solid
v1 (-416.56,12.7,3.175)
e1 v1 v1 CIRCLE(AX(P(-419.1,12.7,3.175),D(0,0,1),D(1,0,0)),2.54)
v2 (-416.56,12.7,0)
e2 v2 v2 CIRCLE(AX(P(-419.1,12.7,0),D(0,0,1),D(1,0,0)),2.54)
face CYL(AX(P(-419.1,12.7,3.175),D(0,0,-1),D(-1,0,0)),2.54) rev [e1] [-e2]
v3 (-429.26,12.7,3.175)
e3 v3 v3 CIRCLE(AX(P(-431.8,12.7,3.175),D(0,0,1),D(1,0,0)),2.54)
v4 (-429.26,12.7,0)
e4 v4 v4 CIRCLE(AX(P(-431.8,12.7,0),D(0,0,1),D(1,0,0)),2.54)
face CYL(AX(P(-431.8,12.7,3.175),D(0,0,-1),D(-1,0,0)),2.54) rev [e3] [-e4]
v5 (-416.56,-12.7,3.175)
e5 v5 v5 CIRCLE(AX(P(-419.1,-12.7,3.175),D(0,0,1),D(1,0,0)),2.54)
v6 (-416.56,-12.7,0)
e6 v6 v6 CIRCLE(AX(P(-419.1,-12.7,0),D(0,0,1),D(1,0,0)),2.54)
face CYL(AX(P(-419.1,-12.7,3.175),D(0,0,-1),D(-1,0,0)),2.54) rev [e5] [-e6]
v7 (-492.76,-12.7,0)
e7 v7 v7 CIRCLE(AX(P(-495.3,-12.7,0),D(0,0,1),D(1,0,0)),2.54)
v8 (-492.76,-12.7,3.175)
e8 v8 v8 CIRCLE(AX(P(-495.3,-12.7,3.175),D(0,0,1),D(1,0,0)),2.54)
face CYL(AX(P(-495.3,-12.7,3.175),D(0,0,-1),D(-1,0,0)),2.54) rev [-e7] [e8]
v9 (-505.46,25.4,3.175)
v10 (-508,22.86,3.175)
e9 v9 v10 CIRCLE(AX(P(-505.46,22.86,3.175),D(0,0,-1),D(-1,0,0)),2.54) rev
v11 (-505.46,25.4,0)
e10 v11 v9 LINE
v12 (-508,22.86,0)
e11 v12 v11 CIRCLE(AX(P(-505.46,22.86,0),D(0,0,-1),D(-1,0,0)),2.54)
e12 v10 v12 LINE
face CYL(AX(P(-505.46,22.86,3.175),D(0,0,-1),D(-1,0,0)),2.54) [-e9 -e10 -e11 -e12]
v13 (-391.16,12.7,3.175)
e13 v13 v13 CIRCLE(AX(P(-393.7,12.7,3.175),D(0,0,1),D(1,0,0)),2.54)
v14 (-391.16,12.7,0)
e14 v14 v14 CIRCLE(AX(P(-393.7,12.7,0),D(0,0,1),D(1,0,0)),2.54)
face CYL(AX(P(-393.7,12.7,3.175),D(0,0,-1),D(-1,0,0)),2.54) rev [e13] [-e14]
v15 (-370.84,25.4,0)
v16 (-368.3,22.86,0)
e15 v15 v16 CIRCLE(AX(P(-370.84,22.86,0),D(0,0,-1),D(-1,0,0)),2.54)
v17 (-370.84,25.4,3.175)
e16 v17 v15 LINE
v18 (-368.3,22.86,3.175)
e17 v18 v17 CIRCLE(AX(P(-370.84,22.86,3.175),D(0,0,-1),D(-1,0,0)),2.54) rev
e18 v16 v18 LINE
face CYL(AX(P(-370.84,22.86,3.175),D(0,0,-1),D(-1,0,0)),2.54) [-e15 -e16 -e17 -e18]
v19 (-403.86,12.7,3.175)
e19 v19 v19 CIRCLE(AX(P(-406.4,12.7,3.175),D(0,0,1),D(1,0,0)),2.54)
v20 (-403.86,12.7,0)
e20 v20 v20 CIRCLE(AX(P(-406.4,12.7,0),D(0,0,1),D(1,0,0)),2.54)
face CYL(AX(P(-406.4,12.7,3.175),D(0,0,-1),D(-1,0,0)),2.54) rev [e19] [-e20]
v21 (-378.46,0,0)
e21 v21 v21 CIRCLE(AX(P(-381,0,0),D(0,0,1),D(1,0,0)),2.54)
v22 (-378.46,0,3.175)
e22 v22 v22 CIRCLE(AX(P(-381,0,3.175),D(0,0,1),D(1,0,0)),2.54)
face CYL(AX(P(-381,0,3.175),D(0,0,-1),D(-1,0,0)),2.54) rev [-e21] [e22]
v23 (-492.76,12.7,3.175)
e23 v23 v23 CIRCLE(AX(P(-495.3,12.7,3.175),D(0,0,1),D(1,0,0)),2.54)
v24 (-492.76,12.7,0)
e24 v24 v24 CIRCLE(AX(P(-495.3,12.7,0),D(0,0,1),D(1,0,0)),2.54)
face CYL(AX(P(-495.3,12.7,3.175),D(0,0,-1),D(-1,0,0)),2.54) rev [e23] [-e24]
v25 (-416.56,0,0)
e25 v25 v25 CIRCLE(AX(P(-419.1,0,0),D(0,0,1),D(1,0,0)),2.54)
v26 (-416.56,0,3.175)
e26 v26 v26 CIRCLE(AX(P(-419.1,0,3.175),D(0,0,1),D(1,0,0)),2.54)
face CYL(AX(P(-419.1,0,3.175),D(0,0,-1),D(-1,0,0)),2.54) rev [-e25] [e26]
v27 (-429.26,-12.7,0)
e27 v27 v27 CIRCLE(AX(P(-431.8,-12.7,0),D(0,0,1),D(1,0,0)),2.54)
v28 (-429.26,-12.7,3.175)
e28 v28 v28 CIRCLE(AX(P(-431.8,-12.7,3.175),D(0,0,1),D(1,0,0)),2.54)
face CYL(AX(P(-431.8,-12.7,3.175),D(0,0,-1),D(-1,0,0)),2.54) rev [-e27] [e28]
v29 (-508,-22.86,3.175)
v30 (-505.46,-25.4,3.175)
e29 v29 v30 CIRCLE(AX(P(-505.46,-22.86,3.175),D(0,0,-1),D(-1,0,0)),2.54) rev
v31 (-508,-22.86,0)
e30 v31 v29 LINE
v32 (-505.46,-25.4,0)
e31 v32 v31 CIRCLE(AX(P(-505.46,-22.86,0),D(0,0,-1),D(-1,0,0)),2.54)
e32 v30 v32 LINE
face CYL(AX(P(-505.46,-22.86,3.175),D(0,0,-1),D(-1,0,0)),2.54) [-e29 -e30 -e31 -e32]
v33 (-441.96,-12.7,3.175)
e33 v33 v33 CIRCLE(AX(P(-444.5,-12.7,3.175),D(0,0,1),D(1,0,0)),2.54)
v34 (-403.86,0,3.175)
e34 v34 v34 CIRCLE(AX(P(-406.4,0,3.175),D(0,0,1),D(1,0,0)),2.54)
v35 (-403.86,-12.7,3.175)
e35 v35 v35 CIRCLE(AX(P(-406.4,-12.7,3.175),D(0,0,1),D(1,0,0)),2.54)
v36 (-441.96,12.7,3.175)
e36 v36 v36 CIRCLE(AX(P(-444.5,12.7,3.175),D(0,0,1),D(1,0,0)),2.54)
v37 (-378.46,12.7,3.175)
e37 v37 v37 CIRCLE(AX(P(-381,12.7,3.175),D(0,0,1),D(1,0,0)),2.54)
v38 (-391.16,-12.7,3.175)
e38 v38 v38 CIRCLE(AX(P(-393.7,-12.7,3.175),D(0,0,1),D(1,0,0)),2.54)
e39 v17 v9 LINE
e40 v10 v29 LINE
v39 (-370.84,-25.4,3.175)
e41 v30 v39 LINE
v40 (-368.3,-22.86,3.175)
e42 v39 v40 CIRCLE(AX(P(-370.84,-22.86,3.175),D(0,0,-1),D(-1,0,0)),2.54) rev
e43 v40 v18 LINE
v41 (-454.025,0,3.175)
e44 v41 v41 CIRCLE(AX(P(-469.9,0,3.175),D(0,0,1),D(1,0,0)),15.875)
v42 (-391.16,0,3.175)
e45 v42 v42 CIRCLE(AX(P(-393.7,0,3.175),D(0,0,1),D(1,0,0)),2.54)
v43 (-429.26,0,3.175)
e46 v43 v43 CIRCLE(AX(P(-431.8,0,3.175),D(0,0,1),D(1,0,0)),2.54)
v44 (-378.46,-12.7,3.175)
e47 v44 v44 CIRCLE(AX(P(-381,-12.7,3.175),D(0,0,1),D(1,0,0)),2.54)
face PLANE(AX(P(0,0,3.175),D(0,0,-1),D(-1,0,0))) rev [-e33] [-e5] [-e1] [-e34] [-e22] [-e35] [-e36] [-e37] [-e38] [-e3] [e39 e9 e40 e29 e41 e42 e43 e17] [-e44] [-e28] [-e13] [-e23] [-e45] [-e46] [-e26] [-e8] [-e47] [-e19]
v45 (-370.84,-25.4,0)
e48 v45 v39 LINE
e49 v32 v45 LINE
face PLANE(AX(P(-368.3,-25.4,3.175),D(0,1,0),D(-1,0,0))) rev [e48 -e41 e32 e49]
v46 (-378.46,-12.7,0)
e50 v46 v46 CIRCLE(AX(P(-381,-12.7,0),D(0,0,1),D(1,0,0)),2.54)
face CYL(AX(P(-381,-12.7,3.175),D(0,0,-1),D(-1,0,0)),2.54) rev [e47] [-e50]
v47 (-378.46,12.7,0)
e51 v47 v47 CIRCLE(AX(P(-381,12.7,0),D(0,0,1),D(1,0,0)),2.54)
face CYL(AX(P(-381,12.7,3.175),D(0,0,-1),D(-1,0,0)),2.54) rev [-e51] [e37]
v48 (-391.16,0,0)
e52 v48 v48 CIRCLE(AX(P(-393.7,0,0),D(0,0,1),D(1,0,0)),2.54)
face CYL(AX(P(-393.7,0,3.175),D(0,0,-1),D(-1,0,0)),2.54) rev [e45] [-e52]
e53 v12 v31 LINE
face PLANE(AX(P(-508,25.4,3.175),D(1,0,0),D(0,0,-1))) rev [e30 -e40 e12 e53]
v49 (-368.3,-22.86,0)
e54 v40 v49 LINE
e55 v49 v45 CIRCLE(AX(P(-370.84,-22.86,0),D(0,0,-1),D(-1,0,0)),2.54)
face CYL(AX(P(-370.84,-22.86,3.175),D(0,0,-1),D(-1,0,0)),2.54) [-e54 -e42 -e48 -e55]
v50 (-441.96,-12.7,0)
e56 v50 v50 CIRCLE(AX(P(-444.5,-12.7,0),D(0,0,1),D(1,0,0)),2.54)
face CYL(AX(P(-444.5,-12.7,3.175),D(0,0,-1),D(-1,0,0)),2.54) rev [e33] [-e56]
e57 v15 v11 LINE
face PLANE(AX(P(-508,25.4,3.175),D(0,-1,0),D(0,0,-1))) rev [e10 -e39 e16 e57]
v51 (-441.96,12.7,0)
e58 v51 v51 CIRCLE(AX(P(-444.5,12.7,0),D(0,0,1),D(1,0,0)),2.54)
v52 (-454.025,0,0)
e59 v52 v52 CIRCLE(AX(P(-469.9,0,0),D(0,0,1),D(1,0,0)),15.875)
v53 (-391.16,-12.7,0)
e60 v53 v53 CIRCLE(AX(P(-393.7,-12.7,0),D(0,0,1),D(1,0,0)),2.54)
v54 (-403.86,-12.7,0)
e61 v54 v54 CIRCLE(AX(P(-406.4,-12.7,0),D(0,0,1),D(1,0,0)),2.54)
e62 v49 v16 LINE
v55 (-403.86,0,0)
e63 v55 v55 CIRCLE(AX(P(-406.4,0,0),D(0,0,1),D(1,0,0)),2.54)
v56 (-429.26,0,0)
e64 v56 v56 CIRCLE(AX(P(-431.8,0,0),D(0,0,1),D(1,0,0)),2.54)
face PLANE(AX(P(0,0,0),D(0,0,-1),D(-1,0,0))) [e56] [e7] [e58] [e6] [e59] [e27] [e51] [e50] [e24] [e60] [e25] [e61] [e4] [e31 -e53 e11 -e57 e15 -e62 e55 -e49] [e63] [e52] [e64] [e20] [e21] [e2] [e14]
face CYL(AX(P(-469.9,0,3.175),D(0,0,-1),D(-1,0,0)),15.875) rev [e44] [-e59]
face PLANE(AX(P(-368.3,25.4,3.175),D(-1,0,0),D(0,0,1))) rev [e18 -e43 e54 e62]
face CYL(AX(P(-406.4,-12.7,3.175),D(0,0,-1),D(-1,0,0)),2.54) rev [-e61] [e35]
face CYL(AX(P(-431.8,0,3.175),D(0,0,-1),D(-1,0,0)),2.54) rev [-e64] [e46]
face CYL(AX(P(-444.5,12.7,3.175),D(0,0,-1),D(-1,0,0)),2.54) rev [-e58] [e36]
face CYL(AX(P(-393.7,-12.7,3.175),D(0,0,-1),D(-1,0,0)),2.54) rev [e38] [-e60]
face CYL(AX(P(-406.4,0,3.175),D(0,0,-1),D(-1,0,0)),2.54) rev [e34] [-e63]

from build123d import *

# Parameters (mm, degrees)
SKETCH2_R           = 15.875
SKETCH2_R_2         = 2.54
BOSS_EXTRUDE1_DEPTH = 3.175
FILLET1_R           = 2.54


with BuildPart() as part:
    # Sketch2 → Boss-Extrude1 (new body)
    with BuildSketch(Plane.XY):
        Polygon((-508, 25.4), (-481.624580264, 25.4), (-457.99375, 25.4), (-431.8, 25.4), (-368.3, 25.4), (-368.3, -25.4), (-431.8, -25.4), (-457.99375, -25.4), (-481.624580264, -25.4), (-508, -25.4), align=None)
        with Locations((-469.9, 0)):
            Circle(SKETCH2_R, mode=Mode.SUBTRACT)
        with Locations((-495.3, 12.7)):
            Circle(SKETCH2_R_2, mode=Mode.SUBTRACT)
        with Locations((-495.3, -12.7)):
            Circle(SKETCH2_R_2, mode=Mode.SUBTRACT)
        with Locations((-444.5, -12.7)):
            Circle(SKETCH2_R_2, mode=Mode.SUBTRACT)
        with Locations((-431.8, -12.7)):
            Circle(SKETCH2_R_2, mode=Mode.SUBTRACT)
        with Locations((-419.1, -12.7)):
            Circle(SKETCH2_R_2, mode=Mode.SUBTRACT)
        with Locations((-419.1, 0)):
            Circle(SKETCH2_R_2, mode=Mode.SUBTRACT)
        with Locations((-431.8, 0)):
            Circle(SKETCH2_R_2, mode=Mode.SUBTRACT)
        with Locations((-431.8, 12.7)):
            Circle(SKETCH2_R_2, mode=Mode.SUBTRACT)
        with Locations((-419.1, 12.7)):
            Circle(SKETCH2_R_2, mode=Mode.SUBTRACT)
        with Locations((-444.5, 12.7)):
            Circle(SKETCH2_R_2, mode=Mode.SUBTRACT)
        with Locations((-406.4, 12.7)):
            Circle(SKETCH2_R_2, mode=Mode.SUBTRACT)
        with Locations((-406.4, 0)):
            Circle(SKETCH2_R_2, mode=Mode.SUBTRACT)
        with Locations((-406.4, -12.7)):
            Circle(SKETCH2_R_2, mode=Mode.SUBTRACT)
        with Locations((-393.7, 12.7)):
            Circle(SKETCH2_R_2, mode=Mode.SUBTRACT)
        with Locations((-393.7, 0)):
            Circle(SKETCH2_R_2, mode=Mode.SUBTRACT)
        with Locations((-393.7, -12.7)):
            Circle(SKETCH2_R_2, mode=Mode.SUBTRACT)
        with Locations((-381, 12.7)):
            Circle(SKETCH2_R_2, mode=Mode.SUBTRACT)
        with Locations((-381, 0)):
            Circle(SKETCH2_R_2, mode=Mode.SUBTRACT)
        with Locations((-381, -12.7)):
            Circle(SKETCH2_R_2, mode=Mode.SUBTRACT)
    extrude(amount=BOSS_EXTRUDE1_DEPTH)

    # Fillet1
    fillet1_edges = [part.edges().sort_by_distance(p)[0] for p in [
        (-508, 25.4, 1.5875),
        (-368.3, 25.4, 1.5875),
        (-368.3, -25.4, 1.5875),
        (-508, -25.4, 1.5875),
    ]]
    fillet(fillet1_edges, radius=FILLET1_R)


solid = part.part
